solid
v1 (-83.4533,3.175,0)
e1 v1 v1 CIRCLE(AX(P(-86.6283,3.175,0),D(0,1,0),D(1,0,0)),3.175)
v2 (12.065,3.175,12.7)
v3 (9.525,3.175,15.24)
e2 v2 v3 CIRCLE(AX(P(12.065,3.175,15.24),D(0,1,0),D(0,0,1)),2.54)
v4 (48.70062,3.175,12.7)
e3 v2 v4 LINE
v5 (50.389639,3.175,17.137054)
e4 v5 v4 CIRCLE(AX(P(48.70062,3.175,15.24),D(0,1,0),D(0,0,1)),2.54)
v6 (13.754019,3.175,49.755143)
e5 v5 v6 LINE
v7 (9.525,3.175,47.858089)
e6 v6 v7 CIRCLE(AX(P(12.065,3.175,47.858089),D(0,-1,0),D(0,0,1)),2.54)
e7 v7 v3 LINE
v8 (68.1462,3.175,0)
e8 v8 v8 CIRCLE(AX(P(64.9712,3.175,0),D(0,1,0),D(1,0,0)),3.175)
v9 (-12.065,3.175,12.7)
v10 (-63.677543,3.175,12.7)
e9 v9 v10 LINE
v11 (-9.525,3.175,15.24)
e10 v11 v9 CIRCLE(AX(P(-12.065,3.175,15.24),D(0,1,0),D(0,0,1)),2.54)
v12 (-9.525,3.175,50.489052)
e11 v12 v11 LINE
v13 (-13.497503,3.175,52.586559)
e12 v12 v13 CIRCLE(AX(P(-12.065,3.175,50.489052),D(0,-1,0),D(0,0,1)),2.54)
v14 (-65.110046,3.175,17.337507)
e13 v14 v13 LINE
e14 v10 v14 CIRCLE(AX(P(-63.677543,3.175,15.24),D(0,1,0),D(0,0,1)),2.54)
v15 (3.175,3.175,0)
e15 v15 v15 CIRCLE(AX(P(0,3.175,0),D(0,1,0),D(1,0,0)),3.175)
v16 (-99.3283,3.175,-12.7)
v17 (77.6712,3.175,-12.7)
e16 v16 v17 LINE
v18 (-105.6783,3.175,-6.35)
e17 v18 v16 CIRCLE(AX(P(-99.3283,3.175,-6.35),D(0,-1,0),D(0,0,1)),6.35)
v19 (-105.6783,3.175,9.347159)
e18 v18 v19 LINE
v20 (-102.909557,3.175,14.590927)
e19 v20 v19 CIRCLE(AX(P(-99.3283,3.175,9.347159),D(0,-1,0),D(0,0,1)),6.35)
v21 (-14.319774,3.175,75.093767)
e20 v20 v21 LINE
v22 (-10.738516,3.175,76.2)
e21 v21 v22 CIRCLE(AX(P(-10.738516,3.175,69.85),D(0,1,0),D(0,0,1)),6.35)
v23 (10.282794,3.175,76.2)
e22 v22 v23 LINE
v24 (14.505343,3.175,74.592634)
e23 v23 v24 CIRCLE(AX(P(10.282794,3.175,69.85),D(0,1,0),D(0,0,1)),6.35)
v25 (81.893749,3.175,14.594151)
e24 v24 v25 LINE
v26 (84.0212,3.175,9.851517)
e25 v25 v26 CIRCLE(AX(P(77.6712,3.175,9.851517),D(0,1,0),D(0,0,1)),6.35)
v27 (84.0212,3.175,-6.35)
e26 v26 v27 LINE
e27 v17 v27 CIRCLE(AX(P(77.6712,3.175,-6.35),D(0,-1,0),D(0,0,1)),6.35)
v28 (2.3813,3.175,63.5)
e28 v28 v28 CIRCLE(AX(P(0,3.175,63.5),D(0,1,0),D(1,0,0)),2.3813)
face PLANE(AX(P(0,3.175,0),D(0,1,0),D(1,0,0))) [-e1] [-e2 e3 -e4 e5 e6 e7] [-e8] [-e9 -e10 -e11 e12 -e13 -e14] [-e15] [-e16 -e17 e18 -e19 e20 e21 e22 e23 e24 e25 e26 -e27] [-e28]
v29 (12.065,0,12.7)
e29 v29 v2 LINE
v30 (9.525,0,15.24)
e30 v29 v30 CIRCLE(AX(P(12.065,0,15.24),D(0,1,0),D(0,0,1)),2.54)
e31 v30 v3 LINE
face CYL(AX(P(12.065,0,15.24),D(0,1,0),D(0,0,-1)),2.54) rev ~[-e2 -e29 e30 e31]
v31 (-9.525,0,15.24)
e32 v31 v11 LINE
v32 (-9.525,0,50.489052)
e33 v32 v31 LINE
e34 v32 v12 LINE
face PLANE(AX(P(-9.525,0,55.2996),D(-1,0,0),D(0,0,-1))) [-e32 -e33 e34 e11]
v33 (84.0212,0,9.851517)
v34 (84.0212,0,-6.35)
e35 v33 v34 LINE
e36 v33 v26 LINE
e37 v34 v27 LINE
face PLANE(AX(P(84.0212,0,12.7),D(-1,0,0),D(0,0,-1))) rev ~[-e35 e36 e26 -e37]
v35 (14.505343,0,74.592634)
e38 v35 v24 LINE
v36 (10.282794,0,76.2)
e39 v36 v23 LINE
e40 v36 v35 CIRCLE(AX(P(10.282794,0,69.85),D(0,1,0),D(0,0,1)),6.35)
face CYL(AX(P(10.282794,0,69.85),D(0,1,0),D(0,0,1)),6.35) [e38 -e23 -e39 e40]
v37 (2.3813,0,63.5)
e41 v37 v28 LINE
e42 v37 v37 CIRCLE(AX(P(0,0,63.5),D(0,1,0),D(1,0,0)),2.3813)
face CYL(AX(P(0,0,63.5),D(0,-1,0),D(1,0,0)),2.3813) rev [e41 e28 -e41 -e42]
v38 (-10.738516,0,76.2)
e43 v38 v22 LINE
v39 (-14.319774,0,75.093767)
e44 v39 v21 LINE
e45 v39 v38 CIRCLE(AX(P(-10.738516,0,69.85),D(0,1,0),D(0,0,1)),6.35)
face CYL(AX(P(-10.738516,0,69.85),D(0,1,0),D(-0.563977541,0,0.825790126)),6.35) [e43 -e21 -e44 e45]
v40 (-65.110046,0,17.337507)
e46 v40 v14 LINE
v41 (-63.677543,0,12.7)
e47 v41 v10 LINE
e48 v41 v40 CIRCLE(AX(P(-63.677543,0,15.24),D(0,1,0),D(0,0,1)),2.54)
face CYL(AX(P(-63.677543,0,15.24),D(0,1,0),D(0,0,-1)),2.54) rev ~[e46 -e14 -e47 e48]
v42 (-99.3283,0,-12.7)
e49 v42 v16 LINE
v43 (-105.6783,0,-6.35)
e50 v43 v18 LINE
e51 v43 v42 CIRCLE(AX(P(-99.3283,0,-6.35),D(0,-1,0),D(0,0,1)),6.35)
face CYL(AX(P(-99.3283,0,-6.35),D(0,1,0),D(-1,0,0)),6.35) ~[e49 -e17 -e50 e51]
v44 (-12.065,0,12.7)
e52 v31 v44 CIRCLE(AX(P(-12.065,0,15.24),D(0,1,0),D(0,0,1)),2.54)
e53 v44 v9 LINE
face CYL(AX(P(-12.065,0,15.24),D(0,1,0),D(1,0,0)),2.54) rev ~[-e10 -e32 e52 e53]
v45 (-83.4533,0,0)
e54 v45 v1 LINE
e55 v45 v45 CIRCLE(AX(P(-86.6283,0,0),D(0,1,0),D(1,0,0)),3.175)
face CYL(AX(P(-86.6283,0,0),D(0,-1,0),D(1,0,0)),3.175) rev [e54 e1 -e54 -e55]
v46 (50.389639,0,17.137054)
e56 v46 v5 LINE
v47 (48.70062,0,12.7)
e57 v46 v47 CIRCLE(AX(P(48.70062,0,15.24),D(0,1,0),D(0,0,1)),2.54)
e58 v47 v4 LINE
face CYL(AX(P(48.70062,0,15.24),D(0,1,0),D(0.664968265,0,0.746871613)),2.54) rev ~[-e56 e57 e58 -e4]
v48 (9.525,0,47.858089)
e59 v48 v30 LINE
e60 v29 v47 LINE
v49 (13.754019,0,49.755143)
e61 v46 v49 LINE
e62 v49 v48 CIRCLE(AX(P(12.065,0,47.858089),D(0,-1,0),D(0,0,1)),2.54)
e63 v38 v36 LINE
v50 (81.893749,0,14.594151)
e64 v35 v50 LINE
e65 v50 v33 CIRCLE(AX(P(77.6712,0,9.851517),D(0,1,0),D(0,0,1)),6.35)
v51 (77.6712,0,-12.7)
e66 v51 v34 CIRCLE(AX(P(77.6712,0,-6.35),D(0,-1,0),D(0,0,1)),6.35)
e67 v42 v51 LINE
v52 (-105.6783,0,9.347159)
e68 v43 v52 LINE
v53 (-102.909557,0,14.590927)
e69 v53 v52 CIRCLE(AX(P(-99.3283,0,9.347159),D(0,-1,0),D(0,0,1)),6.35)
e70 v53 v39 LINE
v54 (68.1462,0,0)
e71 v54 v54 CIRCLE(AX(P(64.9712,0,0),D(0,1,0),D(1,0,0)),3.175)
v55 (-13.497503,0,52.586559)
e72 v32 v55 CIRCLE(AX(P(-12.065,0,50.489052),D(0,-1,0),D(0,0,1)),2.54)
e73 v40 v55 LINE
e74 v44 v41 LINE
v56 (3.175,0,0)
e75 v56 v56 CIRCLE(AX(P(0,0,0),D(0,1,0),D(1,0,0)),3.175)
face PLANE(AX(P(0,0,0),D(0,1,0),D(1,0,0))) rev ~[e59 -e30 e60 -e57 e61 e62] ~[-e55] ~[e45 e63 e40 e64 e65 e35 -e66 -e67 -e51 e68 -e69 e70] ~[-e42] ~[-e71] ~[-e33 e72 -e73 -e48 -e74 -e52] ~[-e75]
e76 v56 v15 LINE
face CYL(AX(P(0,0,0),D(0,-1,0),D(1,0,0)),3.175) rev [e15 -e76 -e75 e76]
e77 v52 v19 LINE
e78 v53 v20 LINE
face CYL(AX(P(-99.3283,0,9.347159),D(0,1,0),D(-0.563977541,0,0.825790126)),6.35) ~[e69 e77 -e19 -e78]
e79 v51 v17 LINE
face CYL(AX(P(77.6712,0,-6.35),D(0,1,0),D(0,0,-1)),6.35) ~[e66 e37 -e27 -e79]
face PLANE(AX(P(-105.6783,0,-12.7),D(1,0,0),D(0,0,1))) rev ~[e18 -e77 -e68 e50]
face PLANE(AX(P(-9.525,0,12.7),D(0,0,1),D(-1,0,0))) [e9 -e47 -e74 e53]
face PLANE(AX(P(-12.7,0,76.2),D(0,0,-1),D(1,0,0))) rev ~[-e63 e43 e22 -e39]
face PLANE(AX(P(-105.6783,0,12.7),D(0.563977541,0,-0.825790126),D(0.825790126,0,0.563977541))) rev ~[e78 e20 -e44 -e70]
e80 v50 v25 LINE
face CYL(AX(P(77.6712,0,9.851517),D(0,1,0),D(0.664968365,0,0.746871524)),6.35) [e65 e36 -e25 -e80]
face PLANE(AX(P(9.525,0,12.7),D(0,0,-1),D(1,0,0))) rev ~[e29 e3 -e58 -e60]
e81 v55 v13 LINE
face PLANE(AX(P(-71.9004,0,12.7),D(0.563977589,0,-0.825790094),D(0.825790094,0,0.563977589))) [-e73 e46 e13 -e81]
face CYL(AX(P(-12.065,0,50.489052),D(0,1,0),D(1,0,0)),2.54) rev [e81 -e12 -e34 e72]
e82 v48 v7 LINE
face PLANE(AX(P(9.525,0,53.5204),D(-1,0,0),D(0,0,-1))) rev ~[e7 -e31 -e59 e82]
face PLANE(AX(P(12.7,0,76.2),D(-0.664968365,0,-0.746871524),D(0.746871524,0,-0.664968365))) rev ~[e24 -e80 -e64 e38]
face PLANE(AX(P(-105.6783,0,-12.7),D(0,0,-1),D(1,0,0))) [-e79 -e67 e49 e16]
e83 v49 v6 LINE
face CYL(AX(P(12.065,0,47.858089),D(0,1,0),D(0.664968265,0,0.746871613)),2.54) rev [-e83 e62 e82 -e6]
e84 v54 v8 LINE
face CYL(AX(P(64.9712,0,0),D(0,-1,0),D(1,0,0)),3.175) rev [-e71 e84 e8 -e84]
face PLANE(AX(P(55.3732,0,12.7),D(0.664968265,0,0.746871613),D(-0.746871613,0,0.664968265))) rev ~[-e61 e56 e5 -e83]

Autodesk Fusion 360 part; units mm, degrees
sketch "Base Bell Crank" plane through (0, 0, 0) normal (0, 1, 0) x (1, 0, 0)
  circle A0 centre (64.9712, 0) radius 3.175
  circle A1 centre (-86.6283, 0) radius 3.175
  circle A2 centre (0, -63.5) radius 2.3813
  circle A3 centre (0, 0) radius 3.175
  line L0 (0, -63.5) -> (0, 0) construction
  line L1 (0, 0) -> (64.9712, 0) construction
  line L2 (0, 0) -> (-86.6283, 0) construction
  line L3 (-12.7, -76.2) -> (12.7, -76.2)
  line L4 (12.7, -76.2) -> (84.0212, -12.7)
  line L5 (-105.6783, 12.7) -> (-105.6783, -12.7)
  line L6 (0, -63.5) -> (0, -76.2) construction
  line L7 (64.9712, 0) -> (84.0212, 0) construction
  line L8 (84.0212, -12.7) -> (84.0212, 12.7)
  line L9 (-105.6783, 12.7) -> (84.0212, 12.7)
  line L10 (-105.6783, -12.7) -> (-12.7, -76.2)
  dimension "d12" = 4.7625
  dimension "d13" = 6.35
  dimension "d19" = 6.35
  dimension "d20" = 63.5
  dimension "d21" = 64.9712
  dimension "d22" = 86.6283
  dimension "d48" = 25.4
  dimension "d54" = 12.7
  dimension "d56" = 12.7
  dimension "d58" = 12.7
  dimension "d87" = 19.05
  dimension "d88" = 19.05
sketch "Sketch3" plane through (0, 0, 0) normal (0, 1, 0) x (1, 0, 0)
  line L0 (12.7, -76.2) -> (84.0212, -12.7)
  line L1 (0, -63.5) -> (0, 0)
  line L2 (0, 0) -> (64.9712, 0)
  line L3 (9.525, -53.5204) -> (9.525, -12.7)
  line L4 (9.525, -12.7) -> (55.3732, -12.7)
  line L5 (55.3732, -12.7) -> (9.525, -53.5204)
  line L6 (-9.525, -12.7) -> (-71.9004, -12.7)
  line L7 (-71.9004, -12.7) -> (-9.525, -55.2996)
  line L8 (-9.525, -55.2996) -> (-9.525, -12.7)
  line L9 (-105.6783, -12.7) -> (-12.7, -76.2)
  line L10 (-105.6783, 12.7) -> (84.0212, 12.7)
  line L11 (-9.525, -55.2996) -> (9.525, -53.5204) construction
  point P0 (0, -54.41)
  dimension "d93" = 19.05
  dimension "d96" = 19.05
  dimension "d98" = 25.4
  dimension "d103" = 19.05
  dimension "d104" = 25.4
extrude "Extrude1" add sketch "Base Bell Crank" along normal blind 3.175
extrude "Extrude2" cut sketch "Sketch3" along normal up to surface (3.175 mm away)
fillet "Fillet1" radius 2.54 6 edges at (-71.9004, 1.5875, 12.7) (-9.525, 1.5875, 12.7) (-9.525, 1.5875, 55.2996) (9.525, 1.5875, 53.5204) (9.525, 1.5875, 12.7) (55.3732, 1.5875, 12.7)
fillet "Fillet2" radius 6.35 2 edges at (12.7, 1.5875, 76.2) (84.0212, 1.5875, 12.7)
fillet "Fillet2" radius 6.35 2 edges at (-105.6783, 1.5875, -12.7) (84.0212, 1.5875, -12.7)
fillet "Fillet2" radius 6.35 2 edges at (-12.7, 1.5875, 76.2) (-105.6783, 1.5875, 12.7)
equation "AngleUp = 20 deg"
equation "AngleDown = 15 deg"
equation "EyeBoltRadius = 1.4 in"
equation "EBDistCC = ( AngleUp * 3.1415 * 2 * EyeBoltRadius ) / 360 deg"
equation "EBDistCCW = ( AngleDown * 3.1415 * 2 * EyeBoltRadius ) / 360 deg"
equation "TopHoletoPivot = 2.5 in"
equation "BellCrankAngleDown = ( EBDistCCW * 360 deg ) / ( TopHoletoPivot * 3.1415 * 2 )"
equation "BellCrankAngleUp = ( EBDistCC * 360 deg ) / ( TopHoletoPivot * 3.1415 * 2 )"
equation "PullDist = 0.5 in"
equation "RightHoleDist = ( PullDist * 360 deg ) / ( 3.1415 * 2 * BellCrankAngleUp )"
equation "LeftHoleDist = ( PullDist * 360 deg ) / ( 3.1415 * 2 * BellCrankAngleDown )"
equation "d12 = TopHoleOD"
equation "d13 = CableHoleOD"
equation "TopHoleOD = ( 3 / 16 ) * 1 in"
equation "CableHoleOD = 0.25 in"
equation "StrutHoleOD = 0.25 in"
equation "d19 = StrutHoleOD"
equation "d20 = TopHoletoPivot"
equation "d21 = RightHoleDist"
equation "d22 = LeftHoleDist"
equation "d37 = ( 3 / 8 ) * 1 in"
equation "d39 = ( 3 / 8 ) * 1 in"
equation "d41 = ( 3 / 8 ) * 1 in"
equation "d83 = ( 3 / 8 ) * 1 in"
